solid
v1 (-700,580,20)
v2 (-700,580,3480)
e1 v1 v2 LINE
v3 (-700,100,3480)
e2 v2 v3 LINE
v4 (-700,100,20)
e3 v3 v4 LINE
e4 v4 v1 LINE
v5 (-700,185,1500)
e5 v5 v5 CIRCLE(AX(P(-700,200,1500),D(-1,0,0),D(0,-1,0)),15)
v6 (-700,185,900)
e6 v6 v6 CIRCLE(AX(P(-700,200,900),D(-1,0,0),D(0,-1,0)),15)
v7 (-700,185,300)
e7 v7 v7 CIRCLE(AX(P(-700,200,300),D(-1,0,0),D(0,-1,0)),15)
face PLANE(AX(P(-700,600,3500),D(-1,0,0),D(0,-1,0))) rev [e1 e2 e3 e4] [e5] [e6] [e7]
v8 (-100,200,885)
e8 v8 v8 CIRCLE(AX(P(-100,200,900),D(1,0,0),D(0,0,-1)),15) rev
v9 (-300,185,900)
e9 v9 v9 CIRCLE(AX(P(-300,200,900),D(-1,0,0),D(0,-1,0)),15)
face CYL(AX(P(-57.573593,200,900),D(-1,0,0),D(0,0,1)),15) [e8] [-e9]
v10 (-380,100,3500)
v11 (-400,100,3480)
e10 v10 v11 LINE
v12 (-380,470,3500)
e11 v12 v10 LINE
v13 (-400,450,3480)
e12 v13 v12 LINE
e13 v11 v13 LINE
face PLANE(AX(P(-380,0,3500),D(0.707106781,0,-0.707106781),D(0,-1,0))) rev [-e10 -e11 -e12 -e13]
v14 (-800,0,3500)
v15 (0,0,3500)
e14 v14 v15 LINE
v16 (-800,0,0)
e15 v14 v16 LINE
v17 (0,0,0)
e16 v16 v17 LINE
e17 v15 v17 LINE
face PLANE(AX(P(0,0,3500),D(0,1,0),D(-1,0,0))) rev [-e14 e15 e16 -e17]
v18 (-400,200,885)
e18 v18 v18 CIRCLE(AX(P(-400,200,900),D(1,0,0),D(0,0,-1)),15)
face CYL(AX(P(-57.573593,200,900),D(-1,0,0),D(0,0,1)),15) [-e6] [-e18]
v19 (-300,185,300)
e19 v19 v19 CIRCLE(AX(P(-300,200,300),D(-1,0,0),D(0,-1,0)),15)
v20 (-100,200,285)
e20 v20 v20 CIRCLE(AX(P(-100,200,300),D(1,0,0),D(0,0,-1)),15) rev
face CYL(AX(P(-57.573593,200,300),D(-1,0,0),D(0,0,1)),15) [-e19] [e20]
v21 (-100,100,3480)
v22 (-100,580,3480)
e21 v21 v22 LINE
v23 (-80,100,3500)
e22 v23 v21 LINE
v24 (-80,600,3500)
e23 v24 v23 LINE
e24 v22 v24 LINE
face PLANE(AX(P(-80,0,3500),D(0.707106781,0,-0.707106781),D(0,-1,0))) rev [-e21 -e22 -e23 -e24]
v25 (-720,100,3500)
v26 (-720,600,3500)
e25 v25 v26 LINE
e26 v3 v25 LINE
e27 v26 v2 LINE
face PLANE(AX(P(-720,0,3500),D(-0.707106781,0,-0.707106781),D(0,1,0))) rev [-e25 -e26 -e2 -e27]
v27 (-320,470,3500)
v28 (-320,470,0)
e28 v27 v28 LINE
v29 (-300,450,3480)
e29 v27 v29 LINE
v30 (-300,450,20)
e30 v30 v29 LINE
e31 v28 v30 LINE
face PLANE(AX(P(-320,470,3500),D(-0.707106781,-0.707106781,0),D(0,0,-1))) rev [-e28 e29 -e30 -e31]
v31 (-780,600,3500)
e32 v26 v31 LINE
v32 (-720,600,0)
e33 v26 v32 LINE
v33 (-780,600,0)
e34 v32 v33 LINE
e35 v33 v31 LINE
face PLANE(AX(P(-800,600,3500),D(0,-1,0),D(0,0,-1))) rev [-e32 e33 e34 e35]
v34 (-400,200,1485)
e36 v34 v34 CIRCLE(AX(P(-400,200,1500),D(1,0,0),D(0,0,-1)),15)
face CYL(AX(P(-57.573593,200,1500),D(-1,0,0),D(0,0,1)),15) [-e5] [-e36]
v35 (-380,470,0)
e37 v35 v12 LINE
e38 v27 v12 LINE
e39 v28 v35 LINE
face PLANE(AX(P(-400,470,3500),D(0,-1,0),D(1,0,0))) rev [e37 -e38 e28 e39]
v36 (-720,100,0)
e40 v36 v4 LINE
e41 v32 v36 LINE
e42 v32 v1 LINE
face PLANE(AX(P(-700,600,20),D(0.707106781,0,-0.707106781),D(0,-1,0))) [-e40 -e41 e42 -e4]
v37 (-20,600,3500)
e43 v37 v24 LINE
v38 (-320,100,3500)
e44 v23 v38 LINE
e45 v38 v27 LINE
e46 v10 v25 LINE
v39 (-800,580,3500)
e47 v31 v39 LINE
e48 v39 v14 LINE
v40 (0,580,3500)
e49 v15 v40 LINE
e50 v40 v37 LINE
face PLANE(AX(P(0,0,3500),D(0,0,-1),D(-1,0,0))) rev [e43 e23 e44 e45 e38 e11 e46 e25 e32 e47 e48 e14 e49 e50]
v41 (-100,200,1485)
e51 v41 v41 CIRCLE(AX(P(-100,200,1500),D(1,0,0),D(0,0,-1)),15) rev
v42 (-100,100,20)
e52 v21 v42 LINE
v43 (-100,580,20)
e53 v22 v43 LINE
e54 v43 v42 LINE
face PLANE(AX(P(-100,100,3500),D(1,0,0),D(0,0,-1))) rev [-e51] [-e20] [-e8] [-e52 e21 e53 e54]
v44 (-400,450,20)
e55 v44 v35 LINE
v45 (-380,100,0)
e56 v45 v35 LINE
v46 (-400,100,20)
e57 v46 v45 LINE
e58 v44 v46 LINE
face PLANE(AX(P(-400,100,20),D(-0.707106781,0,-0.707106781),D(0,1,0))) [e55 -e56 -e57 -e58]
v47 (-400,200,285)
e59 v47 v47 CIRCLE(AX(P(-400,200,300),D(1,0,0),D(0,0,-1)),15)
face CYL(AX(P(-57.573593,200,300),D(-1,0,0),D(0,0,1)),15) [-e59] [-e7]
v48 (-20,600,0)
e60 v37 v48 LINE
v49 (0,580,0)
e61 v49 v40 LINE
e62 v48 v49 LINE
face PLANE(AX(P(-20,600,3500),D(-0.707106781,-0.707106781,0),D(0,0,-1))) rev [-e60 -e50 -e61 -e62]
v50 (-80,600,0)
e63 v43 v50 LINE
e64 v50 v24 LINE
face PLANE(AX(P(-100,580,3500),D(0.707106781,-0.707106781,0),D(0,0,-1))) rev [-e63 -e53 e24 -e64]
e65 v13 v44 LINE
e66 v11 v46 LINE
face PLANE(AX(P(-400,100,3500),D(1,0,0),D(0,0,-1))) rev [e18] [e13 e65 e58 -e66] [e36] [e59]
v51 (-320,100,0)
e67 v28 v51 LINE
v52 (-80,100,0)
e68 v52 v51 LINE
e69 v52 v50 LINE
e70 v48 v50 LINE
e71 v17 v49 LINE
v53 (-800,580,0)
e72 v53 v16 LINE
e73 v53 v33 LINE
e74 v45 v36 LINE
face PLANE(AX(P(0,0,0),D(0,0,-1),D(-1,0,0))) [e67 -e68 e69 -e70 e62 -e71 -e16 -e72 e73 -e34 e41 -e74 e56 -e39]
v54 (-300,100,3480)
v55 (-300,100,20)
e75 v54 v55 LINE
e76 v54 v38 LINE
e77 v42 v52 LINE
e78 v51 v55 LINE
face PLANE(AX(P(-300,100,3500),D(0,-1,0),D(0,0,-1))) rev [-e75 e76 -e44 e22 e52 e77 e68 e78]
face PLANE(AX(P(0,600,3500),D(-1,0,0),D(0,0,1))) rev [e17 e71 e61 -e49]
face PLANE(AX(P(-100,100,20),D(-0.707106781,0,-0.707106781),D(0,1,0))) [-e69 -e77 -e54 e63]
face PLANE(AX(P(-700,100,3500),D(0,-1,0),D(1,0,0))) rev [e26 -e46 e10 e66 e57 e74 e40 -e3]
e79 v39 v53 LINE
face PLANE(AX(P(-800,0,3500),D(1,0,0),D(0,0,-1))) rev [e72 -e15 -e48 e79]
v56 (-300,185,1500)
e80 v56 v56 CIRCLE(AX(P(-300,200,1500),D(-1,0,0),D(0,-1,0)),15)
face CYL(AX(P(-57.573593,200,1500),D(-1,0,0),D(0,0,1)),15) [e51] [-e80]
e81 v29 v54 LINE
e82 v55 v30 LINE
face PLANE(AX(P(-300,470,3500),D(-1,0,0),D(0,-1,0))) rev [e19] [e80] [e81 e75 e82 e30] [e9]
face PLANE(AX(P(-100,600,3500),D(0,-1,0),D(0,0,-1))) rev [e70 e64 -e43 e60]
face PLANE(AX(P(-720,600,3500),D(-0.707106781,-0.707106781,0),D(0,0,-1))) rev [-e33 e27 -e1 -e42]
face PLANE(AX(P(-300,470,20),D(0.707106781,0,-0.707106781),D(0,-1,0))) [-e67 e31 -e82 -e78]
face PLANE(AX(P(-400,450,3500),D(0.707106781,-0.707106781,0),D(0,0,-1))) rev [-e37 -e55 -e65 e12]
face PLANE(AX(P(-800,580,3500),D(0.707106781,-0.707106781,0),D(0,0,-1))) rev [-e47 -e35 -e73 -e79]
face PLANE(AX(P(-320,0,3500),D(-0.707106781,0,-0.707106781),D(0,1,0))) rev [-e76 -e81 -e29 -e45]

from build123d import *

# Parameters (mm, degrees)
SALIENTE_EXTRUIR1_DEPTH = 3500
CHAFL_N2_SIZE           = 20
SALIENTE_EXTRUIR2_REACH = 3642.055
CROQUIS2_R              = 15
MATRIZL1_COUNT          = 3
MATRIZL1_PITCH          = 600


with BuildPart() as part:
    # Croquis1 → Saliente-Extruir1 (new body)
    with BuildSketch(Plane.XY):
        Polygon((0, 0), (-800, 0), (-800, 600), (-700, 600), (-700, 100), (-400, 100), (-400, 470), (-300, 470), (-300, 100), (-100, 100), (-100, 600), (0, 600), align=None)
    extrude(amount=SALIENTE_EXTRUIR1_DEPTH)

    # Chaflán2
    chafl_n2_edges = [part.edges().sort_by_distance(p)[0] for p in [
        (-100, 350, 3500),
        (-700, 350, 0),
        (-400, 285, 0),
        (-300, 285, 0),
        (-100, 350, 0),
        (-300, 285, 3500),
        (-800, 600, 1750),
        (-700, 600, 1750),
        (-400, 470, 1750),
        (-300, 470, 1750),
        (-100, 600, 1750),
        (0, 600, 1750),
        (-400, 285, 3500),
        (-700, 350, 3500),
    ]]
    chamfer(chafl_n2_edges, length=CHAFL_N2_SIZE)

    # Saliente-Extruir2: up to this face of the body (flat: up to its plane)
    saliente_extruir2_end = Plane(part.part.faces().sort_by_distance((-100, 340, 1750))[0])
    # Croquis2 → Saliente-Extruir2 (add, up to the picked face)
    with BuildSketch(Plane.ZY.offset(800), mode=Mode.PRIVATE) as saliente_extruir2_sk1:
        with Locations(Location((300, 200, 0), (0, 0, 270))):
            Circle(CROQUIS2_R)
    saliente_extruir2_tool1 = split(extrude(saliente_extruir2_sk1.sketch, amount=-SALIENTE_EXTRUIR2_REACH, mode=Mode.PRIVATE), bisect_by=saliente_extruir2_end, keep=Keep.BOTH, mode=Mode.PRIVATE)
    saliente_extruir2 = saliente_extruir2_tool1.solids().sort_by(Axis((-800, 200, 300), (1, 0, 0)))[0]
    add(saliente_extruir2)

    # MatrizL1: Saliente-Extruir2 ×3
    with Locations(*[(0, 0, i * MATRIZL1_PITCH) for i in range(1, MATRIZL1_COUNT)]):
        add(saliente_extruir2)


solid = part.part
